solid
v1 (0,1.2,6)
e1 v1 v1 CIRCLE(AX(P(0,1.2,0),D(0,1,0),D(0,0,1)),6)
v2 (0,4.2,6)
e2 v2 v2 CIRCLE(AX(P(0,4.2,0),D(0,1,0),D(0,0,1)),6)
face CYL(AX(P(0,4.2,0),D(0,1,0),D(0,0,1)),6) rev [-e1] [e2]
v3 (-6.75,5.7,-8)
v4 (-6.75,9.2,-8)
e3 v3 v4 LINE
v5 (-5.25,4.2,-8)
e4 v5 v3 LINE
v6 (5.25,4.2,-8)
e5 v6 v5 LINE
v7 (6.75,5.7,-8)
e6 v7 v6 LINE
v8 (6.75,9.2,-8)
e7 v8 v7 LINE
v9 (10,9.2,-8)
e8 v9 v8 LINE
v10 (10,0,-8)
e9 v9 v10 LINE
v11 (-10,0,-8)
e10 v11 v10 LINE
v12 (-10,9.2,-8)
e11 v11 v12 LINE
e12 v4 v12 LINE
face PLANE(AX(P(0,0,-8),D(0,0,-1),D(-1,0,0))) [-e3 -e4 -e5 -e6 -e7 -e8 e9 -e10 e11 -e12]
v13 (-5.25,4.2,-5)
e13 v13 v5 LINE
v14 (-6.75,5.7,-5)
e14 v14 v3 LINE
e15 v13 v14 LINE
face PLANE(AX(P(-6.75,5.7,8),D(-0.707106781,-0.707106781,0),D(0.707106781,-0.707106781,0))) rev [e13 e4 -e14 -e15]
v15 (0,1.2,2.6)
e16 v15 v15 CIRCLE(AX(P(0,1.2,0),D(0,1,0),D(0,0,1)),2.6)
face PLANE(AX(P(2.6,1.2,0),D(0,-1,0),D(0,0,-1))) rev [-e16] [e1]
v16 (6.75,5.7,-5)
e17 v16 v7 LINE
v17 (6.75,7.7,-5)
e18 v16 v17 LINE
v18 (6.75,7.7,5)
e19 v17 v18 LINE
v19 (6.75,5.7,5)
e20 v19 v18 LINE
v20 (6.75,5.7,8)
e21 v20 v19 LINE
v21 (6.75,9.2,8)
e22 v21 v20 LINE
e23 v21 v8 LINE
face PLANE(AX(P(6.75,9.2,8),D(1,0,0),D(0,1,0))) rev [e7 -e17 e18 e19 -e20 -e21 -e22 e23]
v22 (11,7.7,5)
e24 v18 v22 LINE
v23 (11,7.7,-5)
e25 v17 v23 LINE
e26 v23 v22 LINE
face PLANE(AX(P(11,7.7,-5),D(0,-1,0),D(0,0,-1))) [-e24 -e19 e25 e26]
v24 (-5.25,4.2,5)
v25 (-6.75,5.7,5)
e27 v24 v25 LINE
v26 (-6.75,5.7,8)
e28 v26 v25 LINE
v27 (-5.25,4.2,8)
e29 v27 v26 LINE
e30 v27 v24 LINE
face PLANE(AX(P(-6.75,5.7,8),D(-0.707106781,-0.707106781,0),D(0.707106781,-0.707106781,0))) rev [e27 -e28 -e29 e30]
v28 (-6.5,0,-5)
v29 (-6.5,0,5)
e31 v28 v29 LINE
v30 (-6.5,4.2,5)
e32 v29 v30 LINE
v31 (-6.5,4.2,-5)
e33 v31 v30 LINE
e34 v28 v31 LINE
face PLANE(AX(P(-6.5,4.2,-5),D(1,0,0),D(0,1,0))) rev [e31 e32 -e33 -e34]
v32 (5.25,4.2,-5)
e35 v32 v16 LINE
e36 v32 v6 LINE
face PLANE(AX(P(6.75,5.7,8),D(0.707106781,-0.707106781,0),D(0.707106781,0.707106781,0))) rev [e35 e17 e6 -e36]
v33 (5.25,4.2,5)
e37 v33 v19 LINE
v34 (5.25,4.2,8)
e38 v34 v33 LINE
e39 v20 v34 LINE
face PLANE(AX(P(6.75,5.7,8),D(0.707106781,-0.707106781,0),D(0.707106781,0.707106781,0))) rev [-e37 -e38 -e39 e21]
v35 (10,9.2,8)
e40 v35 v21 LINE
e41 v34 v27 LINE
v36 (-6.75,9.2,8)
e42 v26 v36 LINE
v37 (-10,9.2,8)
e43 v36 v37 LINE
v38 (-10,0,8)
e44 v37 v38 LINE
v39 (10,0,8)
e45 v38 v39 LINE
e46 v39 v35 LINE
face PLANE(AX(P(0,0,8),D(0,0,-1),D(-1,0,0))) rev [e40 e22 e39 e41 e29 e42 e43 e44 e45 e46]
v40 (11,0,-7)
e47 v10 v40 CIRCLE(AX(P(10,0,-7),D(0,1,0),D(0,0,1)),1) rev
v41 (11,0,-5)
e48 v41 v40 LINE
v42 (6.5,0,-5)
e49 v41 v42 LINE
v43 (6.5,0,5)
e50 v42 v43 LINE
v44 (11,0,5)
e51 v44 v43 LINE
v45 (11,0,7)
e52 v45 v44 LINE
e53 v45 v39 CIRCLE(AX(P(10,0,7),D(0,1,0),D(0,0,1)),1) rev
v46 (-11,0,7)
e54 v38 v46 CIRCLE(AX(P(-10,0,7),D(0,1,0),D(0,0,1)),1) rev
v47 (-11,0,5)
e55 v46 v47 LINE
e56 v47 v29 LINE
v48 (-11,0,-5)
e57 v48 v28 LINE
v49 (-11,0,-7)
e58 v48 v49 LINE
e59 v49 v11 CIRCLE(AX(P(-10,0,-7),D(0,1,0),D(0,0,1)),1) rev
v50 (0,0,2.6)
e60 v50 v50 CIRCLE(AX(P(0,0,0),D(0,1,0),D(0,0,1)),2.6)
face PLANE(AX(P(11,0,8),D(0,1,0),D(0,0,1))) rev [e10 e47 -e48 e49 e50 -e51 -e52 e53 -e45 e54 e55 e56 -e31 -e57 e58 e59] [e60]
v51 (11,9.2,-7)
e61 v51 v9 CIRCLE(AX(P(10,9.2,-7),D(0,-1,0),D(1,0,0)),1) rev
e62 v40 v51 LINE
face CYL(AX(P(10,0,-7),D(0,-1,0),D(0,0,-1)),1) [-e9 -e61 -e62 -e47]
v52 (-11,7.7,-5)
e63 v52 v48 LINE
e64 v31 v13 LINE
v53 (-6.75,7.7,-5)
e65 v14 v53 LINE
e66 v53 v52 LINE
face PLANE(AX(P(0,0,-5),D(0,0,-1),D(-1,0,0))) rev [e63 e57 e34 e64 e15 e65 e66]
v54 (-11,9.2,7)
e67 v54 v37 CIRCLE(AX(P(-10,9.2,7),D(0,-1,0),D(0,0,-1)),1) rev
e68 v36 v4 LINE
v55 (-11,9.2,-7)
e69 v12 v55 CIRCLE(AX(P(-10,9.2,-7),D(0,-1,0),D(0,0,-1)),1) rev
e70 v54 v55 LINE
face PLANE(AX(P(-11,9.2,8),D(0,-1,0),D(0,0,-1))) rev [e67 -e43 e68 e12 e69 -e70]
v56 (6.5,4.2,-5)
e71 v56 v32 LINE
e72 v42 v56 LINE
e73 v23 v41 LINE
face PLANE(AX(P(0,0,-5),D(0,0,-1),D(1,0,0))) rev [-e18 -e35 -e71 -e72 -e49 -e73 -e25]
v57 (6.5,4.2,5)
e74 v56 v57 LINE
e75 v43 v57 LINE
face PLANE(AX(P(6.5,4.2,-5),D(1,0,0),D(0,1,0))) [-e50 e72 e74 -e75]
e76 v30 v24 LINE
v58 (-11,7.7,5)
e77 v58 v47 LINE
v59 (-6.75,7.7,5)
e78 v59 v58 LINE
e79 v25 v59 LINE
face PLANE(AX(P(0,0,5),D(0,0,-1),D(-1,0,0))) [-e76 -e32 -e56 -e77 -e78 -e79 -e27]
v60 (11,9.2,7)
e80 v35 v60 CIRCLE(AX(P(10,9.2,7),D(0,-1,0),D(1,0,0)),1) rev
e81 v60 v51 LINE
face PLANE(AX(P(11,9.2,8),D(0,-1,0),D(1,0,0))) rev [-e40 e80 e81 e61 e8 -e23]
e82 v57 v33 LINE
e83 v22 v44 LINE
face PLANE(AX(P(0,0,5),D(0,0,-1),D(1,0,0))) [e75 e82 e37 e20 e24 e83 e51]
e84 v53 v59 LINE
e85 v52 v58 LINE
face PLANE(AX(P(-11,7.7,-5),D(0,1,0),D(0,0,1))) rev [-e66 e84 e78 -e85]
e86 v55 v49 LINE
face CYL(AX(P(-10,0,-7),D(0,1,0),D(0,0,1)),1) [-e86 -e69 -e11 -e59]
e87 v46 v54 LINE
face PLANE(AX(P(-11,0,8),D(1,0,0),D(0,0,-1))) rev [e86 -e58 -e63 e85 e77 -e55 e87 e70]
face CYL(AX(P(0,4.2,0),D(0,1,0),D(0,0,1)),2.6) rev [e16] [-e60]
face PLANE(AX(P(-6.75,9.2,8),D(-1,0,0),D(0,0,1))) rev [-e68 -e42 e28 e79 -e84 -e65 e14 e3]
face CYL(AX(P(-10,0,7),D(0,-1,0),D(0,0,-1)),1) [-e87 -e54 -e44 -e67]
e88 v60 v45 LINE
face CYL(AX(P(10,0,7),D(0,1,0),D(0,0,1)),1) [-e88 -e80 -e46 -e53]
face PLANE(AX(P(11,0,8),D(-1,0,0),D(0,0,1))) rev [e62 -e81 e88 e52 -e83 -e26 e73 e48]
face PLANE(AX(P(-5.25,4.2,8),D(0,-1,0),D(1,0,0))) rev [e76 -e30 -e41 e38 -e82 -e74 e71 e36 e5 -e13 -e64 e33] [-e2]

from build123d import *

# Parameters (mm, degrees)
EXTRUDE_1_DEPTH             = 8
CUT_EXTRUDE_1_DEPTH         = 5
HOLE_WIZARD_M51_D           = 5.2
HOLE_WIZARD_M51_DEPTH       = 4.2
HOLE_WIZARD_M51_CBORE_D     = 12
HOLE_WIZARD_M51_CBORE_DEPTH = 3
FILLET_1_R                  = 1


with BuildPart() as part:
    # Эскиз1 → Бобышка-Вытянуть1 (new body, symmetric)
    with BuildSketch(Plane.XY):
        Polygon((11, 0), (-11, 0), (-11, 9.2), (-6.75, 9.2), (-6.75, 5.7), (-5.25, 4.2), (5.25, 4.2), (6.75, 5.7), (6.75, 9.2), (11, 9.2), align=None)
    extrude(amount=EXTRUDE_1_DEPTH, both=True)

    # Эскиз2 → Вырез-Вытянуть1 (cut, symmetric)
    with BuildSketch(Plane.XY):
        Polygon((-11, 7.7), (-6.75, 7.7), (-6.75, 5.7), (-5.25, 4.2), (-6.5, 4.2), (-6.5, 0), (-11, 0), align=None)
    cut_extrude_1 = extrude(amount=CUT_EXTRUDE_1_DEPTH, both=True, mode=Mode.SUBTRACT)

    # Зеркальное отражение1: Вырез-Вытянуть1 across plane
    add(cut_extrude_1.mirror(Plane(origin=(0, 0, 0), x_dir=(0, 0, 1), z_dir=(1, 0, 0))), mode=Mode.SUBTRACT)

    # Цековка для  болта с шестигранной головкой M51
    with Locations(Plane(origin=(0, 4.2, 0), x_dir=(1, 0, 0), z_dir=(0, 1, 0))):
        with Locations((0, 0)):
            CounterBoreHole(HOLE_WIZARD_M51_D / 2, HOLE_WIZARD_M51_CBORE_D / 2, HOLE_WIZARD_M51_CBORE_DEPTH, depth=HOLE_WIZARD_M51_DEPTH)

    # Скругление1
    fillet_1_edges = [part.edges().sort_by_distance(p)[0] for p in [
        (11, 4.6, 8),
        (11, 4.6, -8),
        (-11, 4.6, -8),
        (-11, 4.6, 8),
    ]]
    fillet(fillet_1_edges, radius=FILLET_1_R)


solid = part.part
